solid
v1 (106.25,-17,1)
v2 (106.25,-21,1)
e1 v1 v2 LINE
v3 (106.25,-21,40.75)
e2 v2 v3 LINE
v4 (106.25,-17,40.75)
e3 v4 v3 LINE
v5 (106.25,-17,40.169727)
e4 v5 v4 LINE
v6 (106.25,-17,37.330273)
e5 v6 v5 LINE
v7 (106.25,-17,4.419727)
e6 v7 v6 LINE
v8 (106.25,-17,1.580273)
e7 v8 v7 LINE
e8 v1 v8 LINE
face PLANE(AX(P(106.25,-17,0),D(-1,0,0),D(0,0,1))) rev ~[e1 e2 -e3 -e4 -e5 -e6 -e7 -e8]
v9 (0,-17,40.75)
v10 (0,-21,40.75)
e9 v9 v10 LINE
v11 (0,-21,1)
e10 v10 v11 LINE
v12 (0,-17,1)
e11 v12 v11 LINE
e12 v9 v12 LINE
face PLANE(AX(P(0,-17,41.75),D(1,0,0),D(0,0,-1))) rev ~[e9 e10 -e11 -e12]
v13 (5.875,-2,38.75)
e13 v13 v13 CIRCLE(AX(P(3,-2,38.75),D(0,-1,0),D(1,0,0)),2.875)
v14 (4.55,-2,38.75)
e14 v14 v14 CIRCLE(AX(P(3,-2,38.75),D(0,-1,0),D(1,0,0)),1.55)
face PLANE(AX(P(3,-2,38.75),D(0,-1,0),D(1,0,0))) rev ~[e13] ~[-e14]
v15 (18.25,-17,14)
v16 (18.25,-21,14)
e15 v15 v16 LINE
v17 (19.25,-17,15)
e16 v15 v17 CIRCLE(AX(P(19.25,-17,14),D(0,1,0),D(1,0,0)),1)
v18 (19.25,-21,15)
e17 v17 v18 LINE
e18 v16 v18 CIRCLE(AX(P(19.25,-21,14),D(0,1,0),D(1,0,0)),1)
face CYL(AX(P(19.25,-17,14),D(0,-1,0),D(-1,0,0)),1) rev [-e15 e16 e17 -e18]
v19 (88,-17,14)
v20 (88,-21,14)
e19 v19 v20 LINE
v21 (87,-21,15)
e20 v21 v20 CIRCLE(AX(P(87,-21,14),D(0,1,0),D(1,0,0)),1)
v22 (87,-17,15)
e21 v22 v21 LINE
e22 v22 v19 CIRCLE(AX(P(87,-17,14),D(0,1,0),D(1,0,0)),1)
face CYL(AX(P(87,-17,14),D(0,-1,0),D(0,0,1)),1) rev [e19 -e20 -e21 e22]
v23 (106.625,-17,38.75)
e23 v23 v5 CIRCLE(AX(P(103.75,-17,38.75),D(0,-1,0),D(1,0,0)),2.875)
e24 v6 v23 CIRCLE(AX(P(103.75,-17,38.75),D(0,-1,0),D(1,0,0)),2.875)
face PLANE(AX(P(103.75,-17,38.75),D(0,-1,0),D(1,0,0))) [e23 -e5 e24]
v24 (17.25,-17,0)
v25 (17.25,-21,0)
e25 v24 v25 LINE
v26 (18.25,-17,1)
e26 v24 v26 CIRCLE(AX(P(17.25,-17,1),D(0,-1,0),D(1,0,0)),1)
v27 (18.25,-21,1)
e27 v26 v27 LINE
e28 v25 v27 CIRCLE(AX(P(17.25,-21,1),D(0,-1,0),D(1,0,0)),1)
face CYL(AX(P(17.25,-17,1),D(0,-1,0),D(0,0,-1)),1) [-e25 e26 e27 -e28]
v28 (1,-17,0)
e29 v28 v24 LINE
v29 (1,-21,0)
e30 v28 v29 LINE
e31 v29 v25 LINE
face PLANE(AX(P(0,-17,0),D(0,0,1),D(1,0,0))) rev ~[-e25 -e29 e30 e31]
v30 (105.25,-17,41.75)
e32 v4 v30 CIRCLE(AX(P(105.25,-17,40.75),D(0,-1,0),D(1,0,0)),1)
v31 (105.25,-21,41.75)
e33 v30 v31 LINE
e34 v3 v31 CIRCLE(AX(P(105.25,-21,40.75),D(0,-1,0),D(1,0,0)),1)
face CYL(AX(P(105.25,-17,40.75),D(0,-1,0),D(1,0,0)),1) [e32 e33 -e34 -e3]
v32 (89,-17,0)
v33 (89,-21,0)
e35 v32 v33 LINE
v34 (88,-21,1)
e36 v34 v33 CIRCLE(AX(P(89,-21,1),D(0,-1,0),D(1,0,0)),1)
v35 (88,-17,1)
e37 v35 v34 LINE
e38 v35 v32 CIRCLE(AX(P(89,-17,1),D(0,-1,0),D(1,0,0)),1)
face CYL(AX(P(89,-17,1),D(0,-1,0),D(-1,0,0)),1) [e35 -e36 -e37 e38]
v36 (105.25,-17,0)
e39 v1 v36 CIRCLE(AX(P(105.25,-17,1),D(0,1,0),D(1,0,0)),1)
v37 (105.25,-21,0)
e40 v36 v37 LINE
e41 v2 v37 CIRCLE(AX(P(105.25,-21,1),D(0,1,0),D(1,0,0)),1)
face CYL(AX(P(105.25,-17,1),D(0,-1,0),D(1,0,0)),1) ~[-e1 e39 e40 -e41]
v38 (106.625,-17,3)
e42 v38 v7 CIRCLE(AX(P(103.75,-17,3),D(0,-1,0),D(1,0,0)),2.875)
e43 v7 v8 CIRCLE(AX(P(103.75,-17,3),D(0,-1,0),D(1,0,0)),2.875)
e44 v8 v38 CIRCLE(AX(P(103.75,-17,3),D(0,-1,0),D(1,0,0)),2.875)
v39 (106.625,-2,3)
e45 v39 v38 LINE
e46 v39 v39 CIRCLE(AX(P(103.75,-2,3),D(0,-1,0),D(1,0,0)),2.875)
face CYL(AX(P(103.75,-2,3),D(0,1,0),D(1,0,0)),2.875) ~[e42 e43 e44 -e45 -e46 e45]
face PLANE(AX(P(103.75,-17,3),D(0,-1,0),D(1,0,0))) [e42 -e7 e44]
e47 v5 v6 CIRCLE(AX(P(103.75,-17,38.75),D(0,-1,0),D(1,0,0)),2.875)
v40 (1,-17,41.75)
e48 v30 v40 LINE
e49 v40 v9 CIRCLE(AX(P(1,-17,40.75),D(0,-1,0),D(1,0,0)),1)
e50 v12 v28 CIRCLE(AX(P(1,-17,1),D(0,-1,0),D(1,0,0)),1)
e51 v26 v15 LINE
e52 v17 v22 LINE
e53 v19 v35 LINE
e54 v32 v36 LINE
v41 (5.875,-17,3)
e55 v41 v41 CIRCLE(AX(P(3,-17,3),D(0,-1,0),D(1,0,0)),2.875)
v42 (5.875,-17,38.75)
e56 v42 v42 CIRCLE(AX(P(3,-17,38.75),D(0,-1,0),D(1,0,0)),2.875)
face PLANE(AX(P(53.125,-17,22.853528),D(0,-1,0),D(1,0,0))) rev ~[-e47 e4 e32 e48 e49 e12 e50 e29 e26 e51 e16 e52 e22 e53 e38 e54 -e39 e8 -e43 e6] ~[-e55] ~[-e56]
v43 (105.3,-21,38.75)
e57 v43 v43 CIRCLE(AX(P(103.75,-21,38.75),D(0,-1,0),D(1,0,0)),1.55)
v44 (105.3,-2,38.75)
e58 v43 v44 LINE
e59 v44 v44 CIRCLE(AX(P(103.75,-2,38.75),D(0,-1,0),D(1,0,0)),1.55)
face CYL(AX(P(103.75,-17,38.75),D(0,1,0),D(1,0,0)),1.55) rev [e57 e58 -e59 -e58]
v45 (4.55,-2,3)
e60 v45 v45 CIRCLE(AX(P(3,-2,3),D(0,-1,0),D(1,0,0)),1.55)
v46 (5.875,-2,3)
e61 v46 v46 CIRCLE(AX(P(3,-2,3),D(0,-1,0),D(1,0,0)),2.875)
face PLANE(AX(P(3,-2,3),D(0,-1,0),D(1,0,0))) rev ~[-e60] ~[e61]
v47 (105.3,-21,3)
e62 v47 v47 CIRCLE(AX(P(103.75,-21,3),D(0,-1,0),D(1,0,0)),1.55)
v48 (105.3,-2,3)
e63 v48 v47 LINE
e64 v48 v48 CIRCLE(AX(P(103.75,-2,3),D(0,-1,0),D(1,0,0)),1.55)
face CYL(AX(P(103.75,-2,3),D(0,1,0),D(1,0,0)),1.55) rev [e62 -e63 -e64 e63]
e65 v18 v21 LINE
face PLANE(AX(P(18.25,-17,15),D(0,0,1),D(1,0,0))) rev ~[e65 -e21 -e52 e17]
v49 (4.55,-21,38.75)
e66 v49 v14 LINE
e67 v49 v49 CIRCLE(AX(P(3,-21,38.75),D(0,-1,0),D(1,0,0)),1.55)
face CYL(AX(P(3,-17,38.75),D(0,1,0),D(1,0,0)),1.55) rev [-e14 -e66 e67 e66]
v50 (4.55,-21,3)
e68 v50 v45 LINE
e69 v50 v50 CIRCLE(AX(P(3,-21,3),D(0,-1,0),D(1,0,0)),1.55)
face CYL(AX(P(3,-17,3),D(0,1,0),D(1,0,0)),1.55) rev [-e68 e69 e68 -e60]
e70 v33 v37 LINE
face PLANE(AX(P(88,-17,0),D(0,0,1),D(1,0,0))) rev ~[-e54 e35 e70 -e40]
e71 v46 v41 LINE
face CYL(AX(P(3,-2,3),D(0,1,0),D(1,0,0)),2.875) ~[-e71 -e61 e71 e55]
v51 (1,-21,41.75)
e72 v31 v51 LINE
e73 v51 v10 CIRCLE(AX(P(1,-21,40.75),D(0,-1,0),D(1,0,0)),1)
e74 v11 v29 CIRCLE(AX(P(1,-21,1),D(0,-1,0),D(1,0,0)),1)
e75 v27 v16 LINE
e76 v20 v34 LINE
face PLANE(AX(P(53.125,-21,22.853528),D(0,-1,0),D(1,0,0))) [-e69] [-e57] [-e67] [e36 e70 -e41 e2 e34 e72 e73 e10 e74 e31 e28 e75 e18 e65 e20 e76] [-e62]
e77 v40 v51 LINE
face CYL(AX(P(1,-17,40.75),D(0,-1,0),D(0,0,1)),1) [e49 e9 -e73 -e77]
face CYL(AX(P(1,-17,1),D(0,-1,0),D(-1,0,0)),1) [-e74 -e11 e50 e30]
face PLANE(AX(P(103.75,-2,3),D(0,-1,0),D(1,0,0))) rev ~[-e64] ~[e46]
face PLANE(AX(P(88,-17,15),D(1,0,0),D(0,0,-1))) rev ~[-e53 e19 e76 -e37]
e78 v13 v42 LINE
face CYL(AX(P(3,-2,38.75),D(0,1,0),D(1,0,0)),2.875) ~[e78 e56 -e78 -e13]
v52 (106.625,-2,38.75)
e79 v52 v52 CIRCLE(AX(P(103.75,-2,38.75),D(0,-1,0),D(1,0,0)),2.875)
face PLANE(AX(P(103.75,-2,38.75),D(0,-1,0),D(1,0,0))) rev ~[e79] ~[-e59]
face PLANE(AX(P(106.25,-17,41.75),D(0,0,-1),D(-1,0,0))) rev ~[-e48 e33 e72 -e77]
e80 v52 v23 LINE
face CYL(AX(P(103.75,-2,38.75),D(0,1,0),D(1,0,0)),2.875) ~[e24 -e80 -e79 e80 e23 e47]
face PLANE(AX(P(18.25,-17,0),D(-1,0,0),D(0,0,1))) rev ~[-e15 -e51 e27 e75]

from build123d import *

# Parameters (mm, degrees)
SKETCH026_R                = 2.875
SKETCH026_R_2              = 1.55
EXTRUDE026_DEPTH           = 15
EXTRUDE026_PLACEMENT_ANGLE = 270
SKETCH025_R                = 1.55
EXTRUDE025_DEPTH           = 4
EXTRUDE025_PLACEMENT_ANGLE = 270
FILLET029_R                = 1


with BuildPart() as spacer001:
    # Sketch026 → Extrude026 (new body)
    with BuildSketch(Plane.YZ):
        with Locations((3, 38.75)):
            Circle(SKETCH026_R)
        with Locations((3, 38.75)):
            Circle(SKETCH026_R_2, mode=Mode.SUBTRACT)
        with Locations((3, 3)):
            Circle(SKETCH026_R)
        with Locations((3, 3)):
            Circle(SKETCH026_R_2, mode=Mode.SUBTRACT)
        with Locations((103.75, 3)):
            Circle(SKETCH026_R)
        with Locations((103.75, 3)):
            Circle(SKETCH026_R_2, mode=Mode.SUBTRACT)
        with Locations((103.75, 38.75)):
            Circle(SKETCH026_R)
        with Locations((103.75, 38.75)):
            Circle(SKETCH026_R_2, mode=Mode.SUBTRACT)
    extrude(amount=EXTRUDE026_DEPTH)


with BuildPart() as spacer001_1:
    # Extrude026 placement: moved
    add(spacer001.part.moved(Location((0, -2, 0))).rotate(Axis((0, -2, 0), (0, 0, 1)), EXTRUDE026_PLACEMENT_ANGLE))


with BuildPart() as top_fillet001:
    # Sketch025 → Extrude025 (new body)
    with BuildSketch(Plane.YZ):
        Polygon((106.25, 0), (106.25, 41.75), (0, 41.75), (0, 0), (18.25, 0), (18.25, 15), (88, 15), (88, 0), align=None)
        with Locations((3, 3)):
            Circle(SKETCH025_R, mode=Mode.SUBTRACT)
        with Locations((3, 38.75)):
            Circle(SKETCH025_R, mode=Mode.SUBTRACT)
        with Locations((103.75, 38.75)):
            Circle(SKETCH025_R, mode=Mode.SUBTRACT)
        with Locations((103.75, 3)):
            Circle(SKETCH025_R, mode=Mode.SUBTRACT)
    extrude(amount=EXTRUDE025_DEPTH)


with BuildPart() as top_fillet001_1:
    # Extrude025 placement: moved
    add(top_fillet001.part.moved(Location((0, -17, 0))).rotate(Axis((0, -17, 0), (0, 0, 1)), EXTRUDE025_PLACEMENT_ANGLE))

    # Fusion029: union spacer001
    add(spacer001_1.part)

    # Fillet029
    fillet029_edges = [top_fillet001_1.edges().sort_by_distance(p)[0] for p in [
        (106.25, -19, 0),
        (106.25, -19, 41.75),
        (88, -19, 0),
        (0, -19, 41.75),
        (88, -19, 15),
        (0, -19, 0),
        (18.25, -19, 15),
        (18.25, -19, 0),
    ]]
    fillet(fillet029_edges, radius=FILLET029_R)


solid = top_fillet001_1.part
